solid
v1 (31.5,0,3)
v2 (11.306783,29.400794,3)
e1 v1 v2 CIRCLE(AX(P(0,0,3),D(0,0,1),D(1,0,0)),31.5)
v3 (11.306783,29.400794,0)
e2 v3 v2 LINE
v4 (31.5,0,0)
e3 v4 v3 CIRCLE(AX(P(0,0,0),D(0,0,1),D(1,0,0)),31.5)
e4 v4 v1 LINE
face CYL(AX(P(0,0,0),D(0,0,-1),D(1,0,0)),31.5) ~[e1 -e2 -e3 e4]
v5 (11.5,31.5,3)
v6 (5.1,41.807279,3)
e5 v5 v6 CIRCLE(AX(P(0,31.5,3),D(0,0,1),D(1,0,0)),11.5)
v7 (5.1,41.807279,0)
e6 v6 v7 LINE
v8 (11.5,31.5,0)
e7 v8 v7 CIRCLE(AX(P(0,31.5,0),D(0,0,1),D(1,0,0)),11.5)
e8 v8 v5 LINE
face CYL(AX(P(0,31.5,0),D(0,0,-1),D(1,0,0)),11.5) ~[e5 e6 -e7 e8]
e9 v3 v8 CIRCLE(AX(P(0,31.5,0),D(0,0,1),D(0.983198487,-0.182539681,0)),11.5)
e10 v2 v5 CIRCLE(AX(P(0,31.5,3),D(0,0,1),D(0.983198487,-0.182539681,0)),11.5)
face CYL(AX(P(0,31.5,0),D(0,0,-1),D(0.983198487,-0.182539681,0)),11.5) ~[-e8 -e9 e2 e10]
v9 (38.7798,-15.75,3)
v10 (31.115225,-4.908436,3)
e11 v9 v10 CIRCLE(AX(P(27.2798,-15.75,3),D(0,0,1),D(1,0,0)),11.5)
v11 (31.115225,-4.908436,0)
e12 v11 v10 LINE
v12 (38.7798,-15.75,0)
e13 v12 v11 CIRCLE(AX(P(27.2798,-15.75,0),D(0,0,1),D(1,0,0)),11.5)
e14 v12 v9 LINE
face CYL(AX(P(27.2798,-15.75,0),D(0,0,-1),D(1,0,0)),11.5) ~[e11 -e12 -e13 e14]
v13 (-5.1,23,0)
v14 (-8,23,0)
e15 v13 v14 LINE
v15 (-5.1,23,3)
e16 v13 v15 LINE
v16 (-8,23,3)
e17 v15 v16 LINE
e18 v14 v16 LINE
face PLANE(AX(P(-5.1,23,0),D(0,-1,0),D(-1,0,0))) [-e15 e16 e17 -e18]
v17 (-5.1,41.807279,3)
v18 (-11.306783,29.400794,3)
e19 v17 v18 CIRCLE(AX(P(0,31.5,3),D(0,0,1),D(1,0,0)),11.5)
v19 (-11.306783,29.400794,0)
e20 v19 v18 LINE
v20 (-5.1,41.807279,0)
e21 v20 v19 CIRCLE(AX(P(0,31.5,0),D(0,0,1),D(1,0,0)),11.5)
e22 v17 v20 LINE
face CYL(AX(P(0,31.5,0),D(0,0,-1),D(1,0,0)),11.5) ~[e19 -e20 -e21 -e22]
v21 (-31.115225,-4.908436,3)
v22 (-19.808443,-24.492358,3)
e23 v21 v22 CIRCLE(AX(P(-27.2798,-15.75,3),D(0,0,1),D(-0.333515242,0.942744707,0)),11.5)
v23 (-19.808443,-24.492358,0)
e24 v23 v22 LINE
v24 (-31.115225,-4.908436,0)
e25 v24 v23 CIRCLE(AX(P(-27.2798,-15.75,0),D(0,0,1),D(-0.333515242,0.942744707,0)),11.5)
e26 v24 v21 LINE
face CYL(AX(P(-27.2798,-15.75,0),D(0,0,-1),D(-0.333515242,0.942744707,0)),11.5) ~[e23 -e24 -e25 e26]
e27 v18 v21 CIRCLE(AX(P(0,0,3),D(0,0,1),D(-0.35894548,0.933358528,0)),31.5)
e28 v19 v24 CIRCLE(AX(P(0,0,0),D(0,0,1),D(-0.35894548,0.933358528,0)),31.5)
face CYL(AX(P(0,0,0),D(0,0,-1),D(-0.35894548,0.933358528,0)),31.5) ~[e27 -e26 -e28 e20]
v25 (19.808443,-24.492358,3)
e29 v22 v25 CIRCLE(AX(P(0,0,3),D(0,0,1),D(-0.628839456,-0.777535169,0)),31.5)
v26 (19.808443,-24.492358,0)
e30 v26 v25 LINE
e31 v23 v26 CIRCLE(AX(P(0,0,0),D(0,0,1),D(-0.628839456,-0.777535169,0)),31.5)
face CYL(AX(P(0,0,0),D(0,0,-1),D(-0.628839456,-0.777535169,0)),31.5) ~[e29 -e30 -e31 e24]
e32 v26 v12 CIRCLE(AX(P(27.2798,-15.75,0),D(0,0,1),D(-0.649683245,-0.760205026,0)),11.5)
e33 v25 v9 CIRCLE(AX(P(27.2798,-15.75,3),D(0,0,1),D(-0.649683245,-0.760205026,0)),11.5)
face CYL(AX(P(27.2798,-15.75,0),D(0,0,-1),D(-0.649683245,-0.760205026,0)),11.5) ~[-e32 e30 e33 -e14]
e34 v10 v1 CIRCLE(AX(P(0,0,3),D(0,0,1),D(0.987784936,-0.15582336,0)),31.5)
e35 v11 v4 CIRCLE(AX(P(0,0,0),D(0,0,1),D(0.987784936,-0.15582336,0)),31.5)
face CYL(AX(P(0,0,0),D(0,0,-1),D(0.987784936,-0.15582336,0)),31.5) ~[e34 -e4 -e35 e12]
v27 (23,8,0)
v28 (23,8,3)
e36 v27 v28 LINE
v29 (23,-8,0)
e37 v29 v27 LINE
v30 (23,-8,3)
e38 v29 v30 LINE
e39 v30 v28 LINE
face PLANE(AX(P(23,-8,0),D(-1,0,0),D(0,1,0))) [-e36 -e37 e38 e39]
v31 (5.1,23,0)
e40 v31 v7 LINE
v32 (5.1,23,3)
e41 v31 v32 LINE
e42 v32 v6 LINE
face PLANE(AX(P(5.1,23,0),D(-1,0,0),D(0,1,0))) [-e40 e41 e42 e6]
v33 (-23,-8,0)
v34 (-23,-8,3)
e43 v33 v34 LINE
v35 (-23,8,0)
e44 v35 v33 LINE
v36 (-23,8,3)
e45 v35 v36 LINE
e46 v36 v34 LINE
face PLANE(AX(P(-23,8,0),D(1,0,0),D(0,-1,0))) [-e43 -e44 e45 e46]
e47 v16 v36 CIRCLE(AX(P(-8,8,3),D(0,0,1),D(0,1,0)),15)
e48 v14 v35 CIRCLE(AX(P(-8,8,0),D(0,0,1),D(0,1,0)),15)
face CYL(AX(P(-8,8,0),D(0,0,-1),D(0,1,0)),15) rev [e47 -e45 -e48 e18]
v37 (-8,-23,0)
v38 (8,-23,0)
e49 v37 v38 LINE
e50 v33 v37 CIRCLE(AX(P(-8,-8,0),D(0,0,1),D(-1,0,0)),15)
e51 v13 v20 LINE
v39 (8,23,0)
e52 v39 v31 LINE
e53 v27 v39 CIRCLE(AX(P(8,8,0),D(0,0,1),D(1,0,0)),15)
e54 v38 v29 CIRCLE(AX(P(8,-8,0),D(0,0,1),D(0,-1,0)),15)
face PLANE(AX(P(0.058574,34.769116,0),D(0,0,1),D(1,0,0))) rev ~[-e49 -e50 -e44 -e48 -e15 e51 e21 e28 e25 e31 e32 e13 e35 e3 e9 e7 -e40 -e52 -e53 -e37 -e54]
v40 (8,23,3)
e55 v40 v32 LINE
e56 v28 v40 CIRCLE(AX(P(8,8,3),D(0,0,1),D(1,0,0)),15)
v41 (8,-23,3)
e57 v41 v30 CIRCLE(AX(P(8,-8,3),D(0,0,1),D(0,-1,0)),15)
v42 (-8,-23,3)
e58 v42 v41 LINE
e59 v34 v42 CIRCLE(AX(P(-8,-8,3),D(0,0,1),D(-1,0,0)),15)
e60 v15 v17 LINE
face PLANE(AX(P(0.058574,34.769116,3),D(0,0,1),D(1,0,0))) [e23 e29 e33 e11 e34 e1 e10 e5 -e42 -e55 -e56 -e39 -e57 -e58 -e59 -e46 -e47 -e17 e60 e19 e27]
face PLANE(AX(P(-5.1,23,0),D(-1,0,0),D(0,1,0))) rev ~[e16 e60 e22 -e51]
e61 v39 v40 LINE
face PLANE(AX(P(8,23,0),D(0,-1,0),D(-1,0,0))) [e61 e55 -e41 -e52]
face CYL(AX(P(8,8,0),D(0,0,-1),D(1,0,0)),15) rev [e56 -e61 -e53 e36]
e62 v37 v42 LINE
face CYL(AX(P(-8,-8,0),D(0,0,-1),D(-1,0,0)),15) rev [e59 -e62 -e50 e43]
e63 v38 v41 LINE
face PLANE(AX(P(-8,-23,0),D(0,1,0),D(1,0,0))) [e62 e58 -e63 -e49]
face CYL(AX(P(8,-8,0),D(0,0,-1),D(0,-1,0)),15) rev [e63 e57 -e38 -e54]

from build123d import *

# Parameters (mm, degrees)
F2_DEPTH = 3
F1_W     = 10.2
F1_H     = 6.1991158426
F1_H_2   = 23.2707020342
F3_DEPTH = 3


with BuildPart() as f2:
    # F0 (on Top) → F2 (new body)
    with BuildSketch(Plane.XY):
        with BuildLine():
            ThreePointArc((11.3067825639, 29.4007936636), (11.4515937375, 30.4459601281), (11.4999999642, 31.5))
            ThreePointArc((11.4999999642, 31.5), (-1.0540399207, 42.9515937721), (-11.3067826307, 29.4007936379))
            ThreePointArc((-11.3067826307, 29.4007936379), (-3.58e-08, 31.5), (11.3067825639, 29.4007936636))
        make_face()
        with BuildLine():
            ThreePointArc((11.3067825639, 29.4007936636), (-3.58e-08, 31.5), (-11.3067826307, 29.4007936379))
            ThreePointArc((-11.3067826307, 29.4007936379), (-2.27e-08, 20), (11.3067825639, 29.4007936636))
        make_face()
        with BuildLine():
            ThreePointArc((11.3067825639, 29.4007936636), (-2.27e-08, 20), (-11.3067826307, 29.4007936379))
            ThreePointArc((-11.3067826307, 29.4007936379), (-27.2798002371, 15.749999969), (-31.1152254861, -4.9084358964))
            ThreePointArc((-31.1152254861, -4.9084358964), (-20.641178009, -6.3596488455), (-15.7798002013, -15.750000031))
            ThreePointArc((-15.7798002013, -15.750000031), (-16.8354091384, -20.5629716001), (-19.8084428665, -24.4923578123))
            ThreePointArc((-19.8084428665, -24.4923578123), (3.58e-08, -31.5), (19.8084429222, -24.4923577673))
            ThreePointArc((19.8084429222, -24.4923577673), (17.320508087, -9.9999999803), (31.1152254973, -4.9084358257))
            ThreePointArc((31.1152254973, -4.9084358257), (31.4036590477, -2.4617470256), (31.5, 0))
            ThreePointArc((31.5, 0), (25.965492974, 17.8337650152), (11.3067825639, 29.4007936636))
        make_face()
        with BuildLine():
            ThreePointArc((-19.8084428665, -24.4923578123), (-27.2798002013, -15.750000031), (-31.1152254861, -4.9084358964))
            ThreePointArc((-31.1152254861, -4.9084358964), (-37.2390923383, -21.5000000423), (-19.8084428665, -24.4923578123))
        make_face()
        with BuildLine():
            ThreePointArc((-15.7798002013, -15.750000031), (-20.641178009, -6.3596488455), (-31.1152254861, -4.9084358964))
            ThreePointArc((-31.1152254861, -4.9084358964), (-27.2798002013, -15.750000031), (-19.8084428665, -24.4923578123))
            ThreePointArc((-19.8084428665, -24.4923578123), (-16.8354091384, -20.5629716001), (-15.7798002013, -15.750000031))
        make_face()
        with BuildLine():
            ThreePointArc((19.8084429222, -24.4923577673), (27.2798002371, -15.749999969), (31.1152254973, -4.9084358257))
            ThreePointArc((31.1152254973, -4.9084358257), (17.320508087, -9.9999999803), (19.8084429222, -24.4923577673))
        make_face()
        with BuildLine():
            ThreePointArc((38.7798002371, -15.749999969), (36.6701514151, -9.111377766), (31.1152254973, -4.9084358257))
            ThreePointArc((31.1152254973, -4.9084358257), (27.2798002371, -15.749999969), (19.8084429222, -24.4923577673))
            ThreePointArc((19.8084429222, -24.4923577673), (32.0927718181, -26.1943910265), (38.7798002371, -15.749999969))
        make_face()
    extrude(amount=F2_DEPTH)

    # F1 (on Top) → F3 (cut)
    with BuildSketch(Plane.XY):
        with BuildLine():
            Line((5.1, 23), (5.1, 16.8008841574))
            Line((5.1, 16.8008841574), (-5.1, 16.8008841574))
            Line((-5.1, 16.8008841574), (-5.1, 23))
            Line((-5.1, 23), (-8, 23))
            ThreePointArc((-8, 23), (-18.6066017178, 18.6066017178), (-23, 8))
            Line((-23, 8), (-23, -8))
            ThreePointArc((-23, -8), (-18.6066017178, -18.6066017178), (-8, -23))
            Line((-8, -23), (8, -23))
            ThreePointArc((8, -23), (18.6066017178, -18.6066017178), (23, -8))
            Line((23, -8), (23, 8))
            ThreePointArc((23, 8), (18.6066017178, 18.6066017178), (8, 23))
            Line((8, 23), (5.1, 23))
        make_face()
        with Locations((0, 19.9004420787)):
            Rectangle(F1_W, F1_H)
        with Locations((0, 34.6353510171)):
            Rectangle(F1_W, F1_H_2)
    extrude(amount=F3_DEPTH, mode=Mode.SUBTRACT)


solid = f2.part
